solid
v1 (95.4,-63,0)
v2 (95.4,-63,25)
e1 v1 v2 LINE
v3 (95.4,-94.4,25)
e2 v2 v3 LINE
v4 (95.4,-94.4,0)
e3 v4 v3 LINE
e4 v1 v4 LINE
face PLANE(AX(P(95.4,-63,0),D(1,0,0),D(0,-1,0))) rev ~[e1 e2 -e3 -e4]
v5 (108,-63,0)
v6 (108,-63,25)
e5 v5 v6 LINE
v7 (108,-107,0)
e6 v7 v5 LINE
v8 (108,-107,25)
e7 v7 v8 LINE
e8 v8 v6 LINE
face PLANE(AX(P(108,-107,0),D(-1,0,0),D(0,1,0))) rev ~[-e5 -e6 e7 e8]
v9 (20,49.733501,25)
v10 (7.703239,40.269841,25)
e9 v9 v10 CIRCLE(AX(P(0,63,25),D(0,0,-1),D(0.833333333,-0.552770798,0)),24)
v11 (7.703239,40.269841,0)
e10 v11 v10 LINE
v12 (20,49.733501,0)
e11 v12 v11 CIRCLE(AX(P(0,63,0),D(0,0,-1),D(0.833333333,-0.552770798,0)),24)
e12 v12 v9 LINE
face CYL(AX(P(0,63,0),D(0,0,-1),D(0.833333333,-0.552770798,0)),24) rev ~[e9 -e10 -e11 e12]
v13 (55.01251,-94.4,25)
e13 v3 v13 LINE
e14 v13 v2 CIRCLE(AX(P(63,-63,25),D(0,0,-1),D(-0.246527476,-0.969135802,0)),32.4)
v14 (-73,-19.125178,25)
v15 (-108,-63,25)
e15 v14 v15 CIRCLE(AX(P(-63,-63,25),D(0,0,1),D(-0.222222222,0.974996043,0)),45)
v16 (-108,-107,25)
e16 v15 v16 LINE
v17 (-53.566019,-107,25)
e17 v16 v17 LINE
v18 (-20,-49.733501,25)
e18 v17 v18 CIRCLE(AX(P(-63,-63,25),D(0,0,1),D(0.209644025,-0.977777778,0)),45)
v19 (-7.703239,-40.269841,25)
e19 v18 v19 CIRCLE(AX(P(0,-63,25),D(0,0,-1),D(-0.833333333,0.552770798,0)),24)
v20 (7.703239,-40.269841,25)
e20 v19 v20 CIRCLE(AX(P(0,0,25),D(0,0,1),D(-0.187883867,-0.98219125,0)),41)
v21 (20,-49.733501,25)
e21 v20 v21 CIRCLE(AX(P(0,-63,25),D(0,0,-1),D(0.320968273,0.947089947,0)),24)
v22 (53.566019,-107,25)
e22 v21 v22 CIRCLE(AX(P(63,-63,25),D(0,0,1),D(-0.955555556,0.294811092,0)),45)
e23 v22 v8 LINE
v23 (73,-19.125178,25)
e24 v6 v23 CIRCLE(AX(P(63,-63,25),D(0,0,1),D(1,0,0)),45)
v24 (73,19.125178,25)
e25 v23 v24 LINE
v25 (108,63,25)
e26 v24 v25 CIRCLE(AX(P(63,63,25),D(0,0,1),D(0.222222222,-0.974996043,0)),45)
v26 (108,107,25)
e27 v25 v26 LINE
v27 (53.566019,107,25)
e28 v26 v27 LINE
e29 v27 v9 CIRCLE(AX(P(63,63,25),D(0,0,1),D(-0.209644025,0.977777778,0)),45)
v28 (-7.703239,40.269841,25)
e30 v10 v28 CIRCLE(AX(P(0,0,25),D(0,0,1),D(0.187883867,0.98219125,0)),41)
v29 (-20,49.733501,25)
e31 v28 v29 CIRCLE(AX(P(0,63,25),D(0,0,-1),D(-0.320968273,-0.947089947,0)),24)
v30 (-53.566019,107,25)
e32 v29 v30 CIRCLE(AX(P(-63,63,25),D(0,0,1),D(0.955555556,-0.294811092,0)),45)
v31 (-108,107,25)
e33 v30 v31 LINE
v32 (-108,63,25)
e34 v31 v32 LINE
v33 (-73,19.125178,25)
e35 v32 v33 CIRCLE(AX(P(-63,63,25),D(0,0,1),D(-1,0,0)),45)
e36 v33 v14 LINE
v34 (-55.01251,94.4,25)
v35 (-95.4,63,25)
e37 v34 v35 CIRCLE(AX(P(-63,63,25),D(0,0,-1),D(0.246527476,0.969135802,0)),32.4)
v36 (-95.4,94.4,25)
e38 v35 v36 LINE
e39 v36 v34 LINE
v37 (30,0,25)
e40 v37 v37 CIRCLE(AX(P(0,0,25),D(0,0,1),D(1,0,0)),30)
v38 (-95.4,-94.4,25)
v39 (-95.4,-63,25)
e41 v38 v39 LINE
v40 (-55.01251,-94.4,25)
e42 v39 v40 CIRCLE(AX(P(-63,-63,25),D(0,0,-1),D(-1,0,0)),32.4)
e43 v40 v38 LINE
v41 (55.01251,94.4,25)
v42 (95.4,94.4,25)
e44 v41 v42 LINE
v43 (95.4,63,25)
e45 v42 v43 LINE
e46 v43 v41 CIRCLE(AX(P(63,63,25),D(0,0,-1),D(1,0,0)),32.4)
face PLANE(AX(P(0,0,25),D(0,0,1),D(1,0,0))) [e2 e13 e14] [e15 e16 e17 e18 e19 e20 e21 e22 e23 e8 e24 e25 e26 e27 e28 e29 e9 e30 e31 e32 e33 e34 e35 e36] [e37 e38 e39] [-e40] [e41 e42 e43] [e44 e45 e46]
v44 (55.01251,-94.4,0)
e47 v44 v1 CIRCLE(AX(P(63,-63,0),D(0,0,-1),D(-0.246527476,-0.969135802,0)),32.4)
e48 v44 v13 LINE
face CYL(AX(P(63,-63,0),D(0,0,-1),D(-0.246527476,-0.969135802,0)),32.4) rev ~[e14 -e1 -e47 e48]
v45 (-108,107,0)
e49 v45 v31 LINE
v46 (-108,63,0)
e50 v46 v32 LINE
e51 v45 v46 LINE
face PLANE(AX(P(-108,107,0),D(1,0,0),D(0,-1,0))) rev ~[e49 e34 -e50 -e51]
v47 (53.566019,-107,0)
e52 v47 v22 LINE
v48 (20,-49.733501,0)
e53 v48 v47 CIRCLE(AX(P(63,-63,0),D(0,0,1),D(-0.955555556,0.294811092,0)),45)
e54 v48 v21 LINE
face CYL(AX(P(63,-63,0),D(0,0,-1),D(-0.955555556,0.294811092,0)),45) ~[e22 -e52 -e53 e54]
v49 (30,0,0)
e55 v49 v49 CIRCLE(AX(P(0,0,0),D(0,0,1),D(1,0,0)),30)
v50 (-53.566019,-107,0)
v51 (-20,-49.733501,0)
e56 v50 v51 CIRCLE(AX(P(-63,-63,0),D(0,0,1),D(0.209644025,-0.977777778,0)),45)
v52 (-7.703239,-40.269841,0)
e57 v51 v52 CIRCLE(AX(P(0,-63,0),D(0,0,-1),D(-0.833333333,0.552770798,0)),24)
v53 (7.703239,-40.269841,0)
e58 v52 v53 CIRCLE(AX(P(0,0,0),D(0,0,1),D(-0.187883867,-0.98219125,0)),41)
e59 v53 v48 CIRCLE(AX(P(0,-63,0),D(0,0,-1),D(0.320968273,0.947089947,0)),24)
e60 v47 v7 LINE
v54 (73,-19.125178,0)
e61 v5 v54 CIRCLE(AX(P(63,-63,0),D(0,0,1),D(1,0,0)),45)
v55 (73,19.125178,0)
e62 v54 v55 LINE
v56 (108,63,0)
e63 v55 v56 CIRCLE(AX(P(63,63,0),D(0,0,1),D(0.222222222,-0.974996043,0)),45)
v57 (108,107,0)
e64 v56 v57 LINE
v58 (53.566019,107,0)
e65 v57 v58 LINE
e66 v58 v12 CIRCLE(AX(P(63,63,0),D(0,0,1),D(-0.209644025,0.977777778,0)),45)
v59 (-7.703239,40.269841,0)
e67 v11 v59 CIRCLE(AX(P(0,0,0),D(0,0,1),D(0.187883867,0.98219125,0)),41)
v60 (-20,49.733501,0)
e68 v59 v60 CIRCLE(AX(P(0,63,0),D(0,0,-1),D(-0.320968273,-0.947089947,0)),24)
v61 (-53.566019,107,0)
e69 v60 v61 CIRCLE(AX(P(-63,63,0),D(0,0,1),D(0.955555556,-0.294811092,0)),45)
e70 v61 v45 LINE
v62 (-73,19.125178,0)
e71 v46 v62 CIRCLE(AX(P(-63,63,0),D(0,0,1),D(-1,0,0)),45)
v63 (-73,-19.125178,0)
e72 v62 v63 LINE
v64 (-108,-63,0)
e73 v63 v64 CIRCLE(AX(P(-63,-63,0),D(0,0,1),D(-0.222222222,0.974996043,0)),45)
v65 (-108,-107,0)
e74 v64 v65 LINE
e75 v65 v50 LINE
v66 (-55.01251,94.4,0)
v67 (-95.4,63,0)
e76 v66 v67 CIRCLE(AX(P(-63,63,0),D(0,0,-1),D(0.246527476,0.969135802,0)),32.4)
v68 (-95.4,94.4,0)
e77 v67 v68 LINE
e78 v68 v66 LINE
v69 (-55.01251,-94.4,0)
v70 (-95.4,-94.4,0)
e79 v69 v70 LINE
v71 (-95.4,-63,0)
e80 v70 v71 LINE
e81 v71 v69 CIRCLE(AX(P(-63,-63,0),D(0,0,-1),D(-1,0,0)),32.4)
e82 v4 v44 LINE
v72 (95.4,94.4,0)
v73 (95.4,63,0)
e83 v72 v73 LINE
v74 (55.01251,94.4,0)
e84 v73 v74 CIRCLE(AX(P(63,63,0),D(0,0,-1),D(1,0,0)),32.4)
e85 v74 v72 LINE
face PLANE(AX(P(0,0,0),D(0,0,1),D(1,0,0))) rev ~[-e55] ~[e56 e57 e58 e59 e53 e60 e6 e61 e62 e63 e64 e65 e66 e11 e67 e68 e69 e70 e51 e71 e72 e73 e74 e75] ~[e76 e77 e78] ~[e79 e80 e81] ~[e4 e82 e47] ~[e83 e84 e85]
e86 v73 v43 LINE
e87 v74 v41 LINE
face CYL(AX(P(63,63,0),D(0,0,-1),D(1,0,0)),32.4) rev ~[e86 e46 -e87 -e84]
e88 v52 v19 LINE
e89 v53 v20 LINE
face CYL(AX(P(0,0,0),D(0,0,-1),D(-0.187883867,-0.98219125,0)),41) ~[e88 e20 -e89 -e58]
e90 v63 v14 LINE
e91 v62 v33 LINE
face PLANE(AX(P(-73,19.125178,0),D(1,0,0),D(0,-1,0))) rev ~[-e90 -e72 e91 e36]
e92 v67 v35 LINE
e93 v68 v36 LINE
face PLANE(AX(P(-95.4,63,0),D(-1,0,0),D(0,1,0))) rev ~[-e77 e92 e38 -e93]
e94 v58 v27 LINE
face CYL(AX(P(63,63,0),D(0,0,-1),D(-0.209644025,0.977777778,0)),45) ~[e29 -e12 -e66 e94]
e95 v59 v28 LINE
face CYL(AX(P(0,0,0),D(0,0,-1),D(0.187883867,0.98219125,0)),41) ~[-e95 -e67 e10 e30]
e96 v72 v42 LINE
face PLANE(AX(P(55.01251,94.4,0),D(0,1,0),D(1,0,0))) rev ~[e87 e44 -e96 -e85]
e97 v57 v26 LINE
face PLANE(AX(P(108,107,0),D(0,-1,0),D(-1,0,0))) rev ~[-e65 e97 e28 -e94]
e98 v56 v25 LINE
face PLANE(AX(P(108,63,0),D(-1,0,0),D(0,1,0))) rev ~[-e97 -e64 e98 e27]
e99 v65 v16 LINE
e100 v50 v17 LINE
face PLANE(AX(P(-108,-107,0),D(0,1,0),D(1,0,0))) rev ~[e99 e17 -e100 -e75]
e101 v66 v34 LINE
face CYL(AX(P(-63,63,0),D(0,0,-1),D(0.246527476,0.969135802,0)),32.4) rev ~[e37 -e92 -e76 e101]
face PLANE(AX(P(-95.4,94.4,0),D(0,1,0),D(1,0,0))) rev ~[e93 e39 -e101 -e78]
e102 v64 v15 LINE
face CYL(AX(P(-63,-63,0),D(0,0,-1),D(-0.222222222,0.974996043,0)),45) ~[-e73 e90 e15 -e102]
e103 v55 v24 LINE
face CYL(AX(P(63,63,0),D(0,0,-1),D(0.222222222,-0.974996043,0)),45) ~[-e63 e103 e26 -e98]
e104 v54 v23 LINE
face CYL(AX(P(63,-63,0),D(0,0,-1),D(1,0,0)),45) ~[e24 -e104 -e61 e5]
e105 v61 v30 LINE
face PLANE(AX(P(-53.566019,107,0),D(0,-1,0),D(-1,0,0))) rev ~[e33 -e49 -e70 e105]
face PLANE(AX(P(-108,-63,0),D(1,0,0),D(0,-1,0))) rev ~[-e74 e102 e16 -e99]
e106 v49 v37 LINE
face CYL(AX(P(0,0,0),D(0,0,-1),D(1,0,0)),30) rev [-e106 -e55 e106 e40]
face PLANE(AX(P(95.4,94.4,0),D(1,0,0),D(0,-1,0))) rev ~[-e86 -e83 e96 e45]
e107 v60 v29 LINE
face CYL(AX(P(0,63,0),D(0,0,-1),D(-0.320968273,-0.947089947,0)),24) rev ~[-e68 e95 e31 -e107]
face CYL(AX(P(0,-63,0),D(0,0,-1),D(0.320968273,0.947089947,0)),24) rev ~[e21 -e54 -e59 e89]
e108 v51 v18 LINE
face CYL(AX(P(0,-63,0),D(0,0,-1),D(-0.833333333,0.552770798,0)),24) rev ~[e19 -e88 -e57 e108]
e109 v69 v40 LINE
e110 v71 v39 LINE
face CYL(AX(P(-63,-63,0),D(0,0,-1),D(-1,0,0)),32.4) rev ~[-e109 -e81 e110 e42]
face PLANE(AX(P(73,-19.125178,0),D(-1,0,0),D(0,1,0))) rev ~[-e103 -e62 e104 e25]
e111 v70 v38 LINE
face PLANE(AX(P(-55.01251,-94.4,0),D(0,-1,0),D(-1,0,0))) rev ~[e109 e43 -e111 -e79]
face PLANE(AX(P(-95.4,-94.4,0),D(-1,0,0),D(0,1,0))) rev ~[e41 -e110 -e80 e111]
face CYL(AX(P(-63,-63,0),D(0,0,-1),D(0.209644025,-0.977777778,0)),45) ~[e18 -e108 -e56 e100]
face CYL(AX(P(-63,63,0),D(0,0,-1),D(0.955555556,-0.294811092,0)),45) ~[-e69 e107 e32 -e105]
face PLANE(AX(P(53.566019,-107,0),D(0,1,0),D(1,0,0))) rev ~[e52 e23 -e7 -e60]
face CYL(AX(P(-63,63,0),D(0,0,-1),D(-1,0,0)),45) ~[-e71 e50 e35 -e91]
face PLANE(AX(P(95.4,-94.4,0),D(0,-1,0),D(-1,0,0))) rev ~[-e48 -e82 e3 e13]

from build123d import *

# Parameters (mm, degrees)
SKETCH1_R           = 30
BOSS_EXTRUDE1_DEPTH = 25


with BuildPart() as part:
    # Sketch1 → Boss-Extrude1 (new body)
    with BuildSketch(Plane.XY):
        with BuildLine():
            ThreePointArc((73, 19.125178063), (98.178118199, 34.937569599), (108, 63))
            Line((108, 63), (108, 107))
            Line((108, 107), (53.566018868, 107))
            ThreePointArc((53.566018868, 107), (24.177408949, 85.755360338), (20, 49.733500839))
            ThreePointArc((20, 49.733500839), (14.637539739, 43.980472393), (7.703238546, 40.26984127))
            ThreePointArc((7.703238546, 40.26984127), (0, 41), (-7.703238546, 40.26984127))
            ThreePointArc((-7.703238546, 40.26984127), (-14.637539739, 43.980472393), (-20, 49.733500839))
            ThreePointArc((-20, 49.733500839), (-24.177408949, 85.755360338), (-53.566018868, 107))
            Line((-53.566018868, 107), (-108, 107))
            Line((-108, 107), (-108, 63))
            ThreePointArc((-108, 63), (-98.178118199, 34.937569599), (-73, 19.125178063))
            Line((-73, 19.125178063), (-73, -19.125178063))
            ThreePointArc((-73, -19.125178063), (-98.178118199, -34.937569599), (-108, -63))
            Line((-108, -63), (-108, -107))
            Line((-108, -107), (-53.566018868, -107))
            ThreePointArc((-53.566018868, -107), (-24.177408949, -85.755360338), (-20, -49.733500839))
            ThreePointArc((-20, -49.733500839), (-14.637539739, -43.980472393), (-7.703238546, -40.26984127))
            ThreePointArc((-7.703238546, -40.26984127), (0, -41), (7.703238546, -40.26984127))
            ThreePointArc((7.703238546, -40.26984127), (14.637539739, -43.980472393), (20, -49.733500839))
            ThreePointArc((20, -49.733500839), (24.177408949, -85.755360338), (53.566018868, -107))
            Line((53.566018868, -107), (108, -107))
            Line((108, -107), (108, -63))
            ThreePointArc((108, -63), (98.178118199, -34.937569599), (73, -19.125178063))
            Line((73, -19.125178063), (73, 19.125178063))
        make_face()
        with BuildLine():
            Line((95.4, -63), (95.4, -94.4))
            Line((95.4, -94.4), (55.012509781, -94.4))
            ThreePointArc((55.012509781, -94.4), (43.113254202, -37.421154413), (95.4, -63))
        make_face(mode=Mode.SUBTRACT)
        with BuildLine():
            ThreePointArc((-55.012509781, 94.4), (-43.113254202, 37.421154413), (-95.4, 63))
            Line((-95.4, 63), (-95.4, 65.547547841))
            Line((-95.4, 65.547547841), (-95.4, 94.4))
            Line((-95.4, 94.4), (-55.012509781, 94.4))
        make_face(mode=Mode.SUBTRACT)
        Circle(SKETCH1_R, mode=Mode.SUBTRACT)
        with BuildLine():
            Line((55.012509781, 94.4), (95.4, 94.4))
            Line((95.4, 94.4), (95.4, 65.547547841))
            Line((95.4, 65.547547841), (95.4, 63))
            ThreePointArc((95.4, 63), (43.113254202, 37.421154413), (55.012509781, 94.4))
        make_face(mode=Mode.SUBTRACT)
        with BuildLine():
            Line((-95.4, -94.4), (-95.4, -63))
            ThreePointArc((-95.4, -63), (-43.113254202, -37.421154413), (-55.012509781, -94.4))
            Line((-55.012509781, -94.4), (-95.4, -94.4))
        make_face(mode=Mode.SUBTRACT)
    extrude(amount=BOSS_EXTRUDE1_DEPTH)


solid = part.part
